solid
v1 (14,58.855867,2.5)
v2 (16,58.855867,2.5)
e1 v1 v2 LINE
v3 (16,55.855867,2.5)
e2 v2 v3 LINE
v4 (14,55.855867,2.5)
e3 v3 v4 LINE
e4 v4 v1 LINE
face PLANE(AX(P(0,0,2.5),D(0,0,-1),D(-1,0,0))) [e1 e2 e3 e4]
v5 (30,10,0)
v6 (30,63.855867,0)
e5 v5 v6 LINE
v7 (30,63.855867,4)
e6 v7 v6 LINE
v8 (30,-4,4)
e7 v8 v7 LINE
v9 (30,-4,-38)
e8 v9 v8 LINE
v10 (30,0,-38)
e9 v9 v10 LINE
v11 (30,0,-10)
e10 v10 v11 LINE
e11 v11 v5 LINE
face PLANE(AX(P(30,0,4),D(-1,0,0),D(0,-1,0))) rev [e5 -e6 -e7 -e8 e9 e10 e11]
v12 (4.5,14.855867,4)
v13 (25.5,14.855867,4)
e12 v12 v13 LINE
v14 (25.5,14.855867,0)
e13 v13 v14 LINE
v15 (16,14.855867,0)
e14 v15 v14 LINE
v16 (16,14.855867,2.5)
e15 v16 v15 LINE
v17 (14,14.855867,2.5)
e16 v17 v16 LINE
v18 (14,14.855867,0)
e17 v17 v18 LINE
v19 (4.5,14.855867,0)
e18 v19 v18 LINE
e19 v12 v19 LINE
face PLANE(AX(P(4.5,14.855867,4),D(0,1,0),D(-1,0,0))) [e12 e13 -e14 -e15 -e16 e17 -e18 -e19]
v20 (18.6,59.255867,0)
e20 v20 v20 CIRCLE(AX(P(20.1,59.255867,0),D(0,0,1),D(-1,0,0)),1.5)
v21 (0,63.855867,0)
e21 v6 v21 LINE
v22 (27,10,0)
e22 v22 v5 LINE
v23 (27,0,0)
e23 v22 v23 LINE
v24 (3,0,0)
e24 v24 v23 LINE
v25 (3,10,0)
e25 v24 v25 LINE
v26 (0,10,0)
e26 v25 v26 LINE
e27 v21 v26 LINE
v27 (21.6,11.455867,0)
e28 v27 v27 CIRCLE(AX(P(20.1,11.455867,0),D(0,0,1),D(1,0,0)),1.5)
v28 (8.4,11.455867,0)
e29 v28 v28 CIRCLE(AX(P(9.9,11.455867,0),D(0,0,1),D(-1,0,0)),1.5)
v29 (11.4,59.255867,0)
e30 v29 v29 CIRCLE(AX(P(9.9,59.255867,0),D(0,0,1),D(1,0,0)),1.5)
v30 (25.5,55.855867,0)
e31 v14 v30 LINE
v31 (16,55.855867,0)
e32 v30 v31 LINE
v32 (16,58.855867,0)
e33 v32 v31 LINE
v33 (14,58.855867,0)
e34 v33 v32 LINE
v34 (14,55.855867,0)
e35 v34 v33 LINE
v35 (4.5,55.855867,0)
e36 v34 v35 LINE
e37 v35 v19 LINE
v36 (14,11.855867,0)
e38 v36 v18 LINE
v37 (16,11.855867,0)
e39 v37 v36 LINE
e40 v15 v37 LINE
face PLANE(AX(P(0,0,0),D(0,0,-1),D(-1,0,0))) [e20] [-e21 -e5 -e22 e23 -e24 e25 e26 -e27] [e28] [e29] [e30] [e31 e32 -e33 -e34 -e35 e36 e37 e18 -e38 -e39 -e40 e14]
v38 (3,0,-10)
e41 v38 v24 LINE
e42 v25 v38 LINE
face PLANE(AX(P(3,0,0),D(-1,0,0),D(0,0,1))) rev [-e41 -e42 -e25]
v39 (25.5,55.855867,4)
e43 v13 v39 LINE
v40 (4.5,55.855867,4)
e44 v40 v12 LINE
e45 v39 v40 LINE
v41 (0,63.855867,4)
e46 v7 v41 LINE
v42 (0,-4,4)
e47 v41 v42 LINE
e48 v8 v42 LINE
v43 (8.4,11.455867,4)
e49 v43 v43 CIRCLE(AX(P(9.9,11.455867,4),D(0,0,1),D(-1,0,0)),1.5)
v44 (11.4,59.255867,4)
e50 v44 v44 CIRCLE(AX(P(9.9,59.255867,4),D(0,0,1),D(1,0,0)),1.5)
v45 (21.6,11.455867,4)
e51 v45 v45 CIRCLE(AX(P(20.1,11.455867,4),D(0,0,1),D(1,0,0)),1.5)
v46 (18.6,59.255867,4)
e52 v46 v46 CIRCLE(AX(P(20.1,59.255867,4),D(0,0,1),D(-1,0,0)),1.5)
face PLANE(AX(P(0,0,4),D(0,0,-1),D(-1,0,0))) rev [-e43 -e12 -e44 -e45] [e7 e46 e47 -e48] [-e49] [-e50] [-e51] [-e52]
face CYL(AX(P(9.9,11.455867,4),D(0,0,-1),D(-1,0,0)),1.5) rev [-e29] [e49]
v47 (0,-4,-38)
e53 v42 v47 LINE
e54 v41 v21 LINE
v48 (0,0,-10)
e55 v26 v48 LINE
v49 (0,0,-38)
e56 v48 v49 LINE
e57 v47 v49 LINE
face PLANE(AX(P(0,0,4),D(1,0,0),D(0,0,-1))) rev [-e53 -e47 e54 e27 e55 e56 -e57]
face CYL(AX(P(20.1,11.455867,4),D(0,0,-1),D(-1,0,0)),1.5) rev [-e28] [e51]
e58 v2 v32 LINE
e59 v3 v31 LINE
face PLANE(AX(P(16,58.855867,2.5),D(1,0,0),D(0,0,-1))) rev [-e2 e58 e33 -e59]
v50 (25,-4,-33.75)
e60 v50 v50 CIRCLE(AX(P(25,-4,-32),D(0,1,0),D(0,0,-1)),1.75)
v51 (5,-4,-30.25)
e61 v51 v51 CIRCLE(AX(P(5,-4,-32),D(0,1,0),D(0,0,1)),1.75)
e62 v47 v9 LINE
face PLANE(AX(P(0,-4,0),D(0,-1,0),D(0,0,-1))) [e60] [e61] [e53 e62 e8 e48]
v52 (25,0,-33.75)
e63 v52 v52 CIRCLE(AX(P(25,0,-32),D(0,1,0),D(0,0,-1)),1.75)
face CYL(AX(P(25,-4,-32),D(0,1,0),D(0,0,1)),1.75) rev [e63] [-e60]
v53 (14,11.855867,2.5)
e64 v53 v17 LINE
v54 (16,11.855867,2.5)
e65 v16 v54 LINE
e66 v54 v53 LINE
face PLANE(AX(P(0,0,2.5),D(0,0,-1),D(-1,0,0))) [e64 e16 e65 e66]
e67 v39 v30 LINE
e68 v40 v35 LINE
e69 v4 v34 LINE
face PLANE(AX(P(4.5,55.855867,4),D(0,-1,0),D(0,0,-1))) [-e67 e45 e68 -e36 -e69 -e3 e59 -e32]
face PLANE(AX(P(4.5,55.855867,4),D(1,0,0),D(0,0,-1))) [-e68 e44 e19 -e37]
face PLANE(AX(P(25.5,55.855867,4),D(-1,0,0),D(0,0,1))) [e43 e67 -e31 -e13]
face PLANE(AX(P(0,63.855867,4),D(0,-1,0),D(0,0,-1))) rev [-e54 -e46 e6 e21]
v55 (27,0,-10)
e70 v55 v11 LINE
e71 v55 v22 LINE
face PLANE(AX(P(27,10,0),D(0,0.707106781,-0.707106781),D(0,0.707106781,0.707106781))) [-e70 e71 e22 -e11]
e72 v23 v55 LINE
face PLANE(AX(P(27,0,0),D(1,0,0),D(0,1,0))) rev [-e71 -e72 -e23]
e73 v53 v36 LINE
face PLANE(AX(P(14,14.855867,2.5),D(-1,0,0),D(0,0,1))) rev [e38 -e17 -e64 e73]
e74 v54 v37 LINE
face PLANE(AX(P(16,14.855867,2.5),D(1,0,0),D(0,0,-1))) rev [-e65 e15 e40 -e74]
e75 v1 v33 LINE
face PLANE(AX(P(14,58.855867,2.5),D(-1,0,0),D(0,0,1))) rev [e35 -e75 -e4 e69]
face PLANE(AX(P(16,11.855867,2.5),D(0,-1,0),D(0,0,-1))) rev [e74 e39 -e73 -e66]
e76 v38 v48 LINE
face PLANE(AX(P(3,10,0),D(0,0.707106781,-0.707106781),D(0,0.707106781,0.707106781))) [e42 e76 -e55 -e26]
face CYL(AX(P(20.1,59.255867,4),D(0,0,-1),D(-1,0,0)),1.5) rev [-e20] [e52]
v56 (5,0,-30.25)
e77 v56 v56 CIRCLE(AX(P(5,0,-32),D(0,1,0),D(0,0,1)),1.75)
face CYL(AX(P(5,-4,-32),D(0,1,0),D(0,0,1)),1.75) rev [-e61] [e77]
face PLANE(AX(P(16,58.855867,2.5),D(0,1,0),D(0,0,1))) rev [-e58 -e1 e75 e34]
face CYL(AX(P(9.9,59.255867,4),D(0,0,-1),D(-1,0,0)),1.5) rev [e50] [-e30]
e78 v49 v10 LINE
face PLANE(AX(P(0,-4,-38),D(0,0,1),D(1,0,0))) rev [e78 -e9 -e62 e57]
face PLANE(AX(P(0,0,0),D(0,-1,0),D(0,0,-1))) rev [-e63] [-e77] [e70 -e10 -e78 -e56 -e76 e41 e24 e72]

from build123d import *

# Parameters (mm, degrees)
SKETCH_1_W          = 30
SKETCH_1_H          = 63.8558669
SKETCH_1_R          = 1.5
SKETCH_1_W_2        = 21
SKETCH_1_H_2        = 41
EXTRUDE_1_DEPTH     = 4
SKETCH_2_W          = 2
SKETCH_2_H          = 3
CUT_EXTRUDE_1_DEPTH = 2.5
SKETCH_3_W          = 30
SKETCH_3_H          = 42
EXTRUDE_2_DEPTH     = 4
SKETCH_4_R          = 1.75
CUT_EXTRUDE_2_DEPTH = 5
EXTRUDE_3_DEPTH     = 3
EXTRUDE_4_DEPTH     = 3


with BuildPart() as part:
    # 草圖1 → 填料-伸長1 (new body)
    with BuildSketch(Plane.XY):
        with Locations((15, 31.92793345)):
            Rectangle(SKETCH_1_W, SKETCH_1_H)
        with Locations((9.9, 59.2558669)):
            Circle(SKETCH_1_R, mode=Mode.SUBTRACT)
        with Locations((20.1, 59.2558669)):
            Circle(SKETCH_1_R, mode=Mode.SUBTRACT)
        with Locations((20.1, 11.4558669)):
            Circle(SKETCH_1_R, mode=Mode.SUBTRACT)
        with Locations((9.9, 11.4558669)):
            Circle(SKETCH_1_R, mode=Mode.SUBTRACT)
        with Locations((15, 35.3558669)):
            Rectangle(SKETCH_1_W_2, SKETCH_1_H_2, mode=Mode.SUBTRACT)
    extrude(amount=EXTRUDE_1_DEPTH)

    # 草圖2 → 除料-伸長1 (cut)
    with BuildSketch(Plane(origin=(0, 0, 0), x_dir=(-1, 0, 0), z_dir=(0, 0, -1))):
        with Locations((-15, 57.3558669)):
            Rectangle(SKETCH_2_W, SKETCH_2_H)
        with Locations((-15, 13.3558669)):
            Rectangle(SKETCH_2_W, SKETCH_2_H)
    extrude(amount=-CUT_EXTRUDE_1_DEPTH, mode=Mode.SUBTRACT)

    # 草圖3 → 填料-伸長2 (add)
    with BuildSketch(Plane.XZ):
        with Locations((15, -17)):
            Rectangle(SKETCH_3_W, SKETCH_3_H)
    extrude(amount=EXTRUDE_2_DEPTH)

    # 草圖4 → 除料-伸長2 (cut, through all)
    with BuildSketch(Plane(origin=(0, 0, 0), x_dir=(1, 0, 0), z_dir=(0, 1, 0))):
        with Locations((5, 32)):
            Circle(SKETCH_4_R)
        with Locations((25, 32)):
            Circle(SKETCH_4_R)
    extrude(amount=-CUT_EXTRUDE_2_DEPTH, mode=Mode.SUBTRACT)

    # 草圖5 → 填料-伸長3 (add)
    with BuildSketch(Plane(origin=(30, 0, 0), x_dir=(0, 0, -1), z_dir=(1, 0, 0))):
        Polygon((0, 10), (10, 0), (0, 0), align=None)
    extrude(amount=-EXTRUDE_3_DEPTH)

    # 草圖6 → 填料-伸長4 (add)
    with BuildSketch(Plane.ZY):
        Polygon((0, 0), (0, 10), (-10, 0), align=None)
    extrude(amount=-EXTRUDE_4_DEPTH)


solid = part.part
